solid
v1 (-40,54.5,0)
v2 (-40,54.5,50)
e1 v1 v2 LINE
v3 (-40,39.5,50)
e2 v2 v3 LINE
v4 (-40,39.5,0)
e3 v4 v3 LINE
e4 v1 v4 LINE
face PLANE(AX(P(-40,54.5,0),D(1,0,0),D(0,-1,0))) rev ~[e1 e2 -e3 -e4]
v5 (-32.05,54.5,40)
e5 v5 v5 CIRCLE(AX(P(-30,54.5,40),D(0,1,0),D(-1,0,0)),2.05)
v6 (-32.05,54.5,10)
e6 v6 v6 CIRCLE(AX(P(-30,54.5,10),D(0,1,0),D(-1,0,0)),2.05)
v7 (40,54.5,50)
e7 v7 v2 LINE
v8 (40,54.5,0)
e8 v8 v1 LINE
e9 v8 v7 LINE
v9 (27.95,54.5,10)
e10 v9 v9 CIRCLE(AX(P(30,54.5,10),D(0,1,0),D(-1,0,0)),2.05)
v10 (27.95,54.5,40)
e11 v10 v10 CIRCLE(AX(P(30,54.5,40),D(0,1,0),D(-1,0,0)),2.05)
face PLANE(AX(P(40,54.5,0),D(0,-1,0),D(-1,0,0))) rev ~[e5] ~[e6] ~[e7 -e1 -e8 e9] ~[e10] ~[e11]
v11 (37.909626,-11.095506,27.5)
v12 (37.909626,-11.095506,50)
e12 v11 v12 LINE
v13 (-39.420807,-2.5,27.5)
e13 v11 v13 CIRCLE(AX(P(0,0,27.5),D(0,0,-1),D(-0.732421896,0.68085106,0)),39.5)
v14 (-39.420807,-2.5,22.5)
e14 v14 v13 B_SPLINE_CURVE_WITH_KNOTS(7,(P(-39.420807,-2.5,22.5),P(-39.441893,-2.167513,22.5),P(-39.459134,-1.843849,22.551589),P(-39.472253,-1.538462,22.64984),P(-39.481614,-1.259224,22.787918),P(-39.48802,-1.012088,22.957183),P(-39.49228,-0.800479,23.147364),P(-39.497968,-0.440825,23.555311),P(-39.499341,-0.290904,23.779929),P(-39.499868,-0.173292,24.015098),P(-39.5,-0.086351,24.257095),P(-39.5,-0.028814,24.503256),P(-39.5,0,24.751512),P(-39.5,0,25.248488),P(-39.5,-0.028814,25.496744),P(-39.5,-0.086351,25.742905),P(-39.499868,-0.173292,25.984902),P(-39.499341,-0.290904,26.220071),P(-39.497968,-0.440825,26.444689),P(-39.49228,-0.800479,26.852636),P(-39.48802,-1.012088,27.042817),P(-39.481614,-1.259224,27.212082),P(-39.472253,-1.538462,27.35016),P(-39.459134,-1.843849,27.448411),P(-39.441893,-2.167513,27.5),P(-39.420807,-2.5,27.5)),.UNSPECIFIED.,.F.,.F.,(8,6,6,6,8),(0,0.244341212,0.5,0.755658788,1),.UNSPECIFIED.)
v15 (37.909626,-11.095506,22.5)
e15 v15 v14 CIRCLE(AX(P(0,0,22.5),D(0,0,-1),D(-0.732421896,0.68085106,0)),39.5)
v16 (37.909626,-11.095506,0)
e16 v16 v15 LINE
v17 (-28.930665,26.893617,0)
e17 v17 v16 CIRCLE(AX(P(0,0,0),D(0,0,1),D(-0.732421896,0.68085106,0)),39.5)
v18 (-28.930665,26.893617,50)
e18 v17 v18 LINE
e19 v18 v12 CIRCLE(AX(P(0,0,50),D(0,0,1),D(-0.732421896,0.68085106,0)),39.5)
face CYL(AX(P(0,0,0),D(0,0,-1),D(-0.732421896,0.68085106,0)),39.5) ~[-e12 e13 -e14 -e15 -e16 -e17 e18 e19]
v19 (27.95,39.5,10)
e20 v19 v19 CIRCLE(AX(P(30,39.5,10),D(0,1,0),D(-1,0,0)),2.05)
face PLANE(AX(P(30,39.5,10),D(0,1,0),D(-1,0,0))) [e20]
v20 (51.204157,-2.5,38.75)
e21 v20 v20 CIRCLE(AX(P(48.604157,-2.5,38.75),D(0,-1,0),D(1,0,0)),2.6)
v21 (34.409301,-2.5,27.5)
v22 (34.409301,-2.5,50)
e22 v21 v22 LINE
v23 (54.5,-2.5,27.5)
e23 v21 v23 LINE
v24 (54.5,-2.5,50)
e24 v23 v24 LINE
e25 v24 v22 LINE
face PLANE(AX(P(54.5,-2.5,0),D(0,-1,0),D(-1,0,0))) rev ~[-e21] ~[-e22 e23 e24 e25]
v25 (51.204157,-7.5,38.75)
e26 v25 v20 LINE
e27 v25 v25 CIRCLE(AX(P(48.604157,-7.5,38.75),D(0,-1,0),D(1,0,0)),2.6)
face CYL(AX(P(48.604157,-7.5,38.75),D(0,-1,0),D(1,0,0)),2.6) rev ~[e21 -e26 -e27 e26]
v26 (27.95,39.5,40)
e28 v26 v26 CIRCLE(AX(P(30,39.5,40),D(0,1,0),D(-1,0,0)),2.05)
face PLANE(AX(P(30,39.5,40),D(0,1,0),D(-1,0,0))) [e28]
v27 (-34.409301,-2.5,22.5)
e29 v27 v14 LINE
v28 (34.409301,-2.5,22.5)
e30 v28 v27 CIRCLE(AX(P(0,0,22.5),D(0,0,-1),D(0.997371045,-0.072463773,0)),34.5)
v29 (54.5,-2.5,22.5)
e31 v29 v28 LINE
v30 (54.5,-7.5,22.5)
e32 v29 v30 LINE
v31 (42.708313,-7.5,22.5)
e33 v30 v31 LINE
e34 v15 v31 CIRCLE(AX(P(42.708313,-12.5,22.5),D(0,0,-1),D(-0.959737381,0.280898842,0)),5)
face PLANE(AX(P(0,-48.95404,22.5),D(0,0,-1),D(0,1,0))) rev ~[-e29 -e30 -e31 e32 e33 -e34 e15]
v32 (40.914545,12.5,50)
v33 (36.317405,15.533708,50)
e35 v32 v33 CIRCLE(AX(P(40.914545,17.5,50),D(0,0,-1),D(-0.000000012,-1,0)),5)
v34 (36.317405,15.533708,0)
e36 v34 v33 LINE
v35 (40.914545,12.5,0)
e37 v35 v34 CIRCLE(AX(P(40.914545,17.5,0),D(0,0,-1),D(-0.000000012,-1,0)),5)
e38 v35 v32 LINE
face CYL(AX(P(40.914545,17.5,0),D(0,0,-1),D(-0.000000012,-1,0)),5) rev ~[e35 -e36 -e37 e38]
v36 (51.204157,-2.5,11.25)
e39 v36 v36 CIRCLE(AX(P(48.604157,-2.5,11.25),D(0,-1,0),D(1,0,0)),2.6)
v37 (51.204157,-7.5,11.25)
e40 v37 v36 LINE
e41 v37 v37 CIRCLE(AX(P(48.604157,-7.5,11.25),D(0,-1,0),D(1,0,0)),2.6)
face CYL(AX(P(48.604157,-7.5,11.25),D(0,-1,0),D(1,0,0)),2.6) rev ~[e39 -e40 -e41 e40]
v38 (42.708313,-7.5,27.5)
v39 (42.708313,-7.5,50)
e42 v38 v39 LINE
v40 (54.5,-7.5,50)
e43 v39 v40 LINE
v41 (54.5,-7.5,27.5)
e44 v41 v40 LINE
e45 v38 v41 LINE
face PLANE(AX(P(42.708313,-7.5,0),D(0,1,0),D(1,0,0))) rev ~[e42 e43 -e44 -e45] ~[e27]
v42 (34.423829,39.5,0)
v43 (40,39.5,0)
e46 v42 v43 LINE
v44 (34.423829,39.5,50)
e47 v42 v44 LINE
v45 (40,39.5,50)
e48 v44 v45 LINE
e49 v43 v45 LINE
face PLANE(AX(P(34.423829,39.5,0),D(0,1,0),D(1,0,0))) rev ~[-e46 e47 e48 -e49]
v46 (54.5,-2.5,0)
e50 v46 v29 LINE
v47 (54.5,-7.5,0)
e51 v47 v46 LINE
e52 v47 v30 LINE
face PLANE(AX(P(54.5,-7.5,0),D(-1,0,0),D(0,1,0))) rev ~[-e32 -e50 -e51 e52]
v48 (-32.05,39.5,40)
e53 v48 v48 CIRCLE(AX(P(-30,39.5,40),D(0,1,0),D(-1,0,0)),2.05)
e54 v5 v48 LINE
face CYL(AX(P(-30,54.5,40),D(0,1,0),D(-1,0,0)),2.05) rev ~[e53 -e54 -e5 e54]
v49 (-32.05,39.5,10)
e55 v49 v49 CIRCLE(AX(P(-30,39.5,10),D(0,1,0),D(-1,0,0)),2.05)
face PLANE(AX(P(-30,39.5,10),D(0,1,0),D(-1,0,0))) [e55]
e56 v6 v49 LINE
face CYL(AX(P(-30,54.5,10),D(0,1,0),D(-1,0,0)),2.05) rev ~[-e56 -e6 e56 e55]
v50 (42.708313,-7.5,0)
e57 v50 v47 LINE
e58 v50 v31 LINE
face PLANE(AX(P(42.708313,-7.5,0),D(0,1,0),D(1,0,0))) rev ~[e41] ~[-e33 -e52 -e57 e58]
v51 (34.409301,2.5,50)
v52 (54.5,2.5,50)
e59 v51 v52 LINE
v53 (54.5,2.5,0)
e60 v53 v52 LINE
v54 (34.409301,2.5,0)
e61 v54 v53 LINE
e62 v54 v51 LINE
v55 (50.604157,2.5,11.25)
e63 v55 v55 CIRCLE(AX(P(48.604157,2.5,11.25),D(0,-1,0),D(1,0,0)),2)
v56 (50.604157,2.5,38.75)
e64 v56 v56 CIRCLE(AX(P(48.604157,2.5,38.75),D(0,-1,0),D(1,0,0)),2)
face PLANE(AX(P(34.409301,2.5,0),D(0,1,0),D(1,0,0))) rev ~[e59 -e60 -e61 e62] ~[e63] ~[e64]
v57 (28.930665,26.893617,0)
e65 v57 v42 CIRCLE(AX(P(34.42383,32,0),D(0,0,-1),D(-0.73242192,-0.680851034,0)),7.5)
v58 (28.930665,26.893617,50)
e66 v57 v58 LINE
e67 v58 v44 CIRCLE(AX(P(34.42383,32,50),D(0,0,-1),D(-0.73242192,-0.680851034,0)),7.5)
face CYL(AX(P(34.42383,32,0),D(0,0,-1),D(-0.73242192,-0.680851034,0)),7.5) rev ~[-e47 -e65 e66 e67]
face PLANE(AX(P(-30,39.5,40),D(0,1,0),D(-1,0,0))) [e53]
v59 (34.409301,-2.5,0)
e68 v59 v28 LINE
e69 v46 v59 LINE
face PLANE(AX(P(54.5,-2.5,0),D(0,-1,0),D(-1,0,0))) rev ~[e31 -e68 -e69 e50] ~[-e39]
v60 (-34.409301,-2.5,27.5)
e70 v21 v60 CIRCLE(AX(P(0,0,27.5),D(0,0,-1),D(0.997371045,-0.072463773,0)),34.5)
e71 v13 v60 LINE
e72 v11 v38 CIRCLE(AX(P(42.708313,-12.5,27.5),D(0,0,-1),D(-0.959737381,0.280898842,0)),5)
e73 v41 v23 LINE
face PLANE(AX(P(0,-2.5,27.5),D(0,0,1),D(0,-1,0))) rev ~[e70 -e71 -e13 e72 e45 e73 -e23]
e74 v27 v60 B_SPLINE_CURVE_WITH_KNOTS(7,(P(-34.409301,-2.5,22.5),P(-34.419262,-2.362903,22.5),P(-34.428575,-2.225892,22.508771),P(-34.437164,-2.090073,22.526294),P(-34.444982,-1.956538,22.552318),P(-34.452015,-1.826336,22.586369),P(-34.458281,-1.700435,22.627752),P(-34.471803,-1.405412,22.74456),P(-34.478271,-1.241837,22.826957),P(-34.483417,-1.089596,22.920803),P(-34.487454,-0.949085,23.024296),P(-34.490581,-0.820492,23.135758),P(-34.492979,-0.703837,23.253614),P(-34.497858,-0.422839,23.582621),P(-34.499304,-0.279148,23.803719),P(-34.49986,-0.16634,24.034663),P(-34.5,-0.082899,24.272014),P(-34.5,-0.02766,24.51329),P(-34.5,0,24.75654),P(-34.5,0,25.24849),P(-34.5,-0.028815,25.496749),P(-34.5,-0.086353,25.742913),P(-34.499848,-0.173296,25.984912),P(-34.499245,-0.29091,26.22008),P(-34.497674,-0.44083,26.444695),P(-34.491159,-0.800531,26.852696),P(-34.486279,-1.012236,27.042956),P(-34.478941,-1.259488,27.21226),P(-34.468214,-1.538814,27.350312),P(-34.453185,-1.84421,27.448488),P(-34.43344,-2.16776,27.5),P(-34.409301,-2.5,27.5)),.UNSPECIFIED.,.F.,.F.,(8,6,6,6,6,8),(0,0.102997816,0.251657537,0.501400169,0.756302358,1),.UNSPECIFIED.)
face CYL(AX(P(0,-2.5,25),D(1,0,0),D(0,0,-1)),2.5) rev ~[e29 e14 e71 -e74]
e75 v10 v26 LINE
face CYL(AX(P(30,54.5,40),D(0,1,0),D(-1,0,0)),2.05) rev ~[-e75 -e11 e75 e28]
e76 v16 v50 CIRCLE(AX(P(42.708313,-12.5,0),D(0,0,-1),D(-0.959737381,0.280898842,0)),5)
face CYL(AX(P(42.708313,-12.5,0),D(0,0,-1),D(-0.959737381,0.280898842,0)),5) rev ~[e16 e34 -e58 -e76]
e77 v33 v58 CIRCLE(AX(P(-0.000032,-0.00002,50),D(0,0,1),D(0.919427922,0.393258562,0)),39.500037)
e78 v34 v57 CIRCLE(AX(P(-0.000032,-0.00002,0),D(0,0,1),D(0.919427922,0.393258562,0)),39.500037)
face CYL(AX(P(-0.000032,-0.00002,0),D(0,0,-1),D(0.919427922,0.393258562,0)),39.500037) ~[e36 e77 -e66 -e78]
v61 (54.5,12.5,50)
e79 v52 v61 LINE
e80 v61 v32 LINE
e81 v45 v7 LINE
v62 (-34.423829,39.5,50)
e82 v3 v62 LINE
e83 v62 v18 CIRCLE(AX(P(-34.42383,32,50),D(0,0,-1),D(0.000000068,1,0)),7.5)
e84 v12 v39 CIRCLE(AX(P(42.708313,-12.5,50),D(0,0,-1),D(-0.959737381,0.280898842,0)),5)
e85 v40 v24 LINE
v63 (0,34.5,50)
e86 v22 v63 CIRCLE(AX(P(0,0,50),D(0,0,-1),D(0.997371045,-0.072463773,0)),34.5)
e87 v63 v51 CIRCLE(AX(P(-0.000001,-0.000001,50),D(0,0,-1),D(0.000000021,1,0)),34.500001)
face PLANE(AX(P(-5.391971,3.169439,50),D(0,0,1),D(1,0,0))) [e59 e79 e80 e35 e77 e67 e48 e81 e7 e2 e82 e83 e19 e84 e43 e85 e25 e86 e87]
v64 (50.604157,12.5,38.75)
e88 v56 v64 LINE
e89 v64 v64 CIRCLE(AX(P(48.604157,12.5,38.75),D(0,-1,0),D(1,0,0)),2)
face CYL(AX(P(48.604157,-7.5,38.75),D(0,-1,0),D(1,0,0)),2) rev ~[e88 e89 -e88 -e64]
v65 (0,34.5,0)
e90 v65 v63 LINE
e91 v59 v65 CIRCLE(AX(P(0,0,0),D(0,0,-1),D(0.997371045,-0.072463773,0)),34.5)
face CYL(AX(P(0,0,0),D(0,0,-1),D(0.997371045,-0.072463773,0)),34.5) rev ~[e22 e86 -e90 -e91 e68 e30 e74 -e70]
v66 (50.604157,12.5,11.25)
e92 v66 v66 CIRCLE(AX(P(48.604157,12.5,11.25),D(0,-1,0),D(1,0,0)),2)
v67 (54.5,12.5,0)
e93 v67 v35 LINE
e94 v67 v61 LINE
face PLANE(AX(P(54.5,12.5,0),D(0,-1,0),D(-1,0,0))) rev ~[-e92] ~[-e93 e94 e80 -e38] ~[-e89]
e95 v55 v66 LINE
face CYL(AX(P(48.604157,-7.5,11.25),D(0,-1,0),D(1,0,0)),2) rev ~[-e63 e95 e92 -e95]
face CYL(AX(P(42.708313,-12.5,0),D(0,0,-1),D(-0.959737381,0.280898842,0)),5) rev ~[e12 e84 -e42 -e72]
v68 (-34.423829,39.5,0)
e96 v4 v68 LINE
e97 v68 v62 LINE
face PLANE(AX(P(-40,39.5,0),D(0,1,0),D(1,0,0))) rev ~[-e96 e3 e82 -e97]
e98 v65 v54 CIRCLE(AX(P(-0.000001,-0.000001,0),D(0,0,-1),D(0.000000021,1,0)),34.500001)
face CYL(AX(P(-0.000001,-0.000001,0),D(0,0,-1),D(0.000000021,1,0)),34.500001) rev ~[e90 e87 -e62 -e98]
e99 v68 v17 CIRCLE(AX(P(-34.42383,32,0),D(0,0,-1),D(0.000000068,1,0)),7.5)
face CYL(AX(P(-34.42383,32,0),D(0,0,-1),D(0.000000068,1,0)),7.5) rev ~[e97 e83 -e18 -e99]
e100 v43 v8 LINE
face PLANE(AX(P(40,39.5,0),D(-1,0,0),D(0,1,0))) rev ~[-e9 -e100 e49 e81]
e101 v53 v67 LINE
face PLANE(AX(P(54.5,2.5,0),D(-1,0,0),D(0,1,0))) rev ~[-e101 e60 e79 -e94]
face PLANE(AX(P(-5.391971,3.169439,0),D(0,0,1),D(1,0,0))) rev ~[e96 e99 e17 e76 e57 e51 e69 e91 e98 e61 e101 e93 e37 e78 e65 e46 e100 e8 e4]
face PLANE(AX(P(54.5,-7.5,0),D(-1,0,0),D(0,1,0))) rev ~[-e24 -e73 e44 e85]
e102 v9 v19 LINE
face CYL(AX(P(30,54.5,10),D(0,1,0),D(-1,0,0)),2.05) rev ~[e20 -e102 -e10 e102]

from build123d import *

# Parameters (mm, degrees)
F1_DEPTH = 50
F2_R     = 2.05
F3_DEPTH = 15
F5_R     = 2
F6_DEPTH = 62.001
F5_R_2   = 2.6
F7_DEPTH = 5
F9_DEPTH = 100


with BuildPart() as f1:
    # F0 (on Top) → F1 (new body)
    with BuildSketch(Plane.XY):
        with BuildLine():
            ThreePointArc((34.409301, -2.5), (-25.26361, -23.49468), (0, 34.5))
            Line((0, 34.5), (0, 54.5))
            Line((0, 54.5), (-40, 54.5))
            Line((-40, 54.5), (-40, 39.5))
            Line((-40, 39.5), (-34.423829, 39.5))
            ThreePointArc((-34.423829, 39.5), (-27.548225, 34.996008), (-28.930665, 26.893617))
            ThreePointArc((-28.930665, 26.893617), (-19.51791, -34.340955), (37.909626, -11.095506))
            ThreePointArc((37.909626, -11.095506), (39.710186, -8.498596), (42.708313, -7.5))
            Line((42.708313, -7.5), (54.5, -7.5))
            Line((54.5, -7.5), (54.5, -2.5))
            Line((54.5, -2.5), (34.409301, -2.5))
        make_face()
        with BuildLine():
            ThreePointArc((0, 34.5), (23.49468, 25.26361), (34.409301, 2.5))
            Line((34.409301, 2.5), (54.5, 2.5))
            Line((54.5, 2.5), (54.5, 7.5))
            Line((54.5, 7.5), (54.5, 12.5))
            Line((54.5, 12.5), (40.914545, 12.5))
            ThreePointArc((40.914545, 12.5), (38.16059, 13.326784), (36.317405, 15.533708))
            ThreePointArc((36.317405, 15.533708), (33.114793, 21.532776), (28.930665, 26.893617))
            ThreePointArc((28.930665, 26.893617), (27.548225, 34.996008), (34.423829, 39.5))
            Line((34.423829, 39.5), (40, 39.5))
            Line((40, 39.5), (40, 54.5))
            Line((40, 54.5), (0, 54.5))
            Line((0, 54.5), (0, 34.5))
        make_face()
    extrude(amount=F1_DEPTH)

    # F2 (on face) → F3 (cut)
    with BuildSketch(Plane(origin=(0, 54.5, 0), x_dir=(-1, 0, 0), z_dir=(0, 1, 0))):
        with Locations((-30, 10)):
            Circle(F2_R)
        with Locations((-30, 40)):
            Circle(F2_R)
        with Locations((30, 40)):
            Circle(F2_R)
        with Locations((30, 10)):
            Circle(F2_R)
    extrude(amount=-F3_DEPTH, mode=Mode.SUBTRACT)

    # F5 (on face) → F6 (cut, through all)
    with BuildSketch(Plane.XZ.offset(7.5)):
        with Locations((48.604157, 11.25)):
            Circle(F5_R)
        with Locations((48.604157, 38.75)):
            Circle(F5_R)
    extrude(amount=-F6_DEPTH, mode=Mode.SUBTRACT)

    # F5 (on face) → F7 (cut, through all)
    with BuildSketch(Plane.XZ.offset(7.5)):
        with Locations((48.604157, 11.25)):
            Circle(F5_R_2)
        with Locations((48.604157, 11.25)):
            Circle(F5_R, mode=Mode.SUBTRACT)
        with Locations((48.604157, 38.75)):
            Circle(F5_R_2)
        with Locations((48.604157, 38.75)):
            Circle(F5_R, mode=Mode.SUBTRACT)
    extrude(amount=-F7_DEPTH, mode=Mode.SUBTRACT)

    # F8 (on Right) → F9 (cut, symmetric)
    with BuildSketch(Plane.YZ):
        with BuildLine():
            ThreePointArc((-2.5, 22.5), (0, 25), (-2.5, 27.5))
            Line((-2.5, 27.5), (-48.95404, 27.5))
            ThreePointArc((-48.95404, 27.5), (-51.45404, 25), (-48.95404, 22.5))
            Line((-48.95404, 22.5), (-2.5, 22.5))
        make_face()
    extrude(amount=F9_DEPTH, both=True, mode=Mode.SUBTRACT)


solid = f1.part
